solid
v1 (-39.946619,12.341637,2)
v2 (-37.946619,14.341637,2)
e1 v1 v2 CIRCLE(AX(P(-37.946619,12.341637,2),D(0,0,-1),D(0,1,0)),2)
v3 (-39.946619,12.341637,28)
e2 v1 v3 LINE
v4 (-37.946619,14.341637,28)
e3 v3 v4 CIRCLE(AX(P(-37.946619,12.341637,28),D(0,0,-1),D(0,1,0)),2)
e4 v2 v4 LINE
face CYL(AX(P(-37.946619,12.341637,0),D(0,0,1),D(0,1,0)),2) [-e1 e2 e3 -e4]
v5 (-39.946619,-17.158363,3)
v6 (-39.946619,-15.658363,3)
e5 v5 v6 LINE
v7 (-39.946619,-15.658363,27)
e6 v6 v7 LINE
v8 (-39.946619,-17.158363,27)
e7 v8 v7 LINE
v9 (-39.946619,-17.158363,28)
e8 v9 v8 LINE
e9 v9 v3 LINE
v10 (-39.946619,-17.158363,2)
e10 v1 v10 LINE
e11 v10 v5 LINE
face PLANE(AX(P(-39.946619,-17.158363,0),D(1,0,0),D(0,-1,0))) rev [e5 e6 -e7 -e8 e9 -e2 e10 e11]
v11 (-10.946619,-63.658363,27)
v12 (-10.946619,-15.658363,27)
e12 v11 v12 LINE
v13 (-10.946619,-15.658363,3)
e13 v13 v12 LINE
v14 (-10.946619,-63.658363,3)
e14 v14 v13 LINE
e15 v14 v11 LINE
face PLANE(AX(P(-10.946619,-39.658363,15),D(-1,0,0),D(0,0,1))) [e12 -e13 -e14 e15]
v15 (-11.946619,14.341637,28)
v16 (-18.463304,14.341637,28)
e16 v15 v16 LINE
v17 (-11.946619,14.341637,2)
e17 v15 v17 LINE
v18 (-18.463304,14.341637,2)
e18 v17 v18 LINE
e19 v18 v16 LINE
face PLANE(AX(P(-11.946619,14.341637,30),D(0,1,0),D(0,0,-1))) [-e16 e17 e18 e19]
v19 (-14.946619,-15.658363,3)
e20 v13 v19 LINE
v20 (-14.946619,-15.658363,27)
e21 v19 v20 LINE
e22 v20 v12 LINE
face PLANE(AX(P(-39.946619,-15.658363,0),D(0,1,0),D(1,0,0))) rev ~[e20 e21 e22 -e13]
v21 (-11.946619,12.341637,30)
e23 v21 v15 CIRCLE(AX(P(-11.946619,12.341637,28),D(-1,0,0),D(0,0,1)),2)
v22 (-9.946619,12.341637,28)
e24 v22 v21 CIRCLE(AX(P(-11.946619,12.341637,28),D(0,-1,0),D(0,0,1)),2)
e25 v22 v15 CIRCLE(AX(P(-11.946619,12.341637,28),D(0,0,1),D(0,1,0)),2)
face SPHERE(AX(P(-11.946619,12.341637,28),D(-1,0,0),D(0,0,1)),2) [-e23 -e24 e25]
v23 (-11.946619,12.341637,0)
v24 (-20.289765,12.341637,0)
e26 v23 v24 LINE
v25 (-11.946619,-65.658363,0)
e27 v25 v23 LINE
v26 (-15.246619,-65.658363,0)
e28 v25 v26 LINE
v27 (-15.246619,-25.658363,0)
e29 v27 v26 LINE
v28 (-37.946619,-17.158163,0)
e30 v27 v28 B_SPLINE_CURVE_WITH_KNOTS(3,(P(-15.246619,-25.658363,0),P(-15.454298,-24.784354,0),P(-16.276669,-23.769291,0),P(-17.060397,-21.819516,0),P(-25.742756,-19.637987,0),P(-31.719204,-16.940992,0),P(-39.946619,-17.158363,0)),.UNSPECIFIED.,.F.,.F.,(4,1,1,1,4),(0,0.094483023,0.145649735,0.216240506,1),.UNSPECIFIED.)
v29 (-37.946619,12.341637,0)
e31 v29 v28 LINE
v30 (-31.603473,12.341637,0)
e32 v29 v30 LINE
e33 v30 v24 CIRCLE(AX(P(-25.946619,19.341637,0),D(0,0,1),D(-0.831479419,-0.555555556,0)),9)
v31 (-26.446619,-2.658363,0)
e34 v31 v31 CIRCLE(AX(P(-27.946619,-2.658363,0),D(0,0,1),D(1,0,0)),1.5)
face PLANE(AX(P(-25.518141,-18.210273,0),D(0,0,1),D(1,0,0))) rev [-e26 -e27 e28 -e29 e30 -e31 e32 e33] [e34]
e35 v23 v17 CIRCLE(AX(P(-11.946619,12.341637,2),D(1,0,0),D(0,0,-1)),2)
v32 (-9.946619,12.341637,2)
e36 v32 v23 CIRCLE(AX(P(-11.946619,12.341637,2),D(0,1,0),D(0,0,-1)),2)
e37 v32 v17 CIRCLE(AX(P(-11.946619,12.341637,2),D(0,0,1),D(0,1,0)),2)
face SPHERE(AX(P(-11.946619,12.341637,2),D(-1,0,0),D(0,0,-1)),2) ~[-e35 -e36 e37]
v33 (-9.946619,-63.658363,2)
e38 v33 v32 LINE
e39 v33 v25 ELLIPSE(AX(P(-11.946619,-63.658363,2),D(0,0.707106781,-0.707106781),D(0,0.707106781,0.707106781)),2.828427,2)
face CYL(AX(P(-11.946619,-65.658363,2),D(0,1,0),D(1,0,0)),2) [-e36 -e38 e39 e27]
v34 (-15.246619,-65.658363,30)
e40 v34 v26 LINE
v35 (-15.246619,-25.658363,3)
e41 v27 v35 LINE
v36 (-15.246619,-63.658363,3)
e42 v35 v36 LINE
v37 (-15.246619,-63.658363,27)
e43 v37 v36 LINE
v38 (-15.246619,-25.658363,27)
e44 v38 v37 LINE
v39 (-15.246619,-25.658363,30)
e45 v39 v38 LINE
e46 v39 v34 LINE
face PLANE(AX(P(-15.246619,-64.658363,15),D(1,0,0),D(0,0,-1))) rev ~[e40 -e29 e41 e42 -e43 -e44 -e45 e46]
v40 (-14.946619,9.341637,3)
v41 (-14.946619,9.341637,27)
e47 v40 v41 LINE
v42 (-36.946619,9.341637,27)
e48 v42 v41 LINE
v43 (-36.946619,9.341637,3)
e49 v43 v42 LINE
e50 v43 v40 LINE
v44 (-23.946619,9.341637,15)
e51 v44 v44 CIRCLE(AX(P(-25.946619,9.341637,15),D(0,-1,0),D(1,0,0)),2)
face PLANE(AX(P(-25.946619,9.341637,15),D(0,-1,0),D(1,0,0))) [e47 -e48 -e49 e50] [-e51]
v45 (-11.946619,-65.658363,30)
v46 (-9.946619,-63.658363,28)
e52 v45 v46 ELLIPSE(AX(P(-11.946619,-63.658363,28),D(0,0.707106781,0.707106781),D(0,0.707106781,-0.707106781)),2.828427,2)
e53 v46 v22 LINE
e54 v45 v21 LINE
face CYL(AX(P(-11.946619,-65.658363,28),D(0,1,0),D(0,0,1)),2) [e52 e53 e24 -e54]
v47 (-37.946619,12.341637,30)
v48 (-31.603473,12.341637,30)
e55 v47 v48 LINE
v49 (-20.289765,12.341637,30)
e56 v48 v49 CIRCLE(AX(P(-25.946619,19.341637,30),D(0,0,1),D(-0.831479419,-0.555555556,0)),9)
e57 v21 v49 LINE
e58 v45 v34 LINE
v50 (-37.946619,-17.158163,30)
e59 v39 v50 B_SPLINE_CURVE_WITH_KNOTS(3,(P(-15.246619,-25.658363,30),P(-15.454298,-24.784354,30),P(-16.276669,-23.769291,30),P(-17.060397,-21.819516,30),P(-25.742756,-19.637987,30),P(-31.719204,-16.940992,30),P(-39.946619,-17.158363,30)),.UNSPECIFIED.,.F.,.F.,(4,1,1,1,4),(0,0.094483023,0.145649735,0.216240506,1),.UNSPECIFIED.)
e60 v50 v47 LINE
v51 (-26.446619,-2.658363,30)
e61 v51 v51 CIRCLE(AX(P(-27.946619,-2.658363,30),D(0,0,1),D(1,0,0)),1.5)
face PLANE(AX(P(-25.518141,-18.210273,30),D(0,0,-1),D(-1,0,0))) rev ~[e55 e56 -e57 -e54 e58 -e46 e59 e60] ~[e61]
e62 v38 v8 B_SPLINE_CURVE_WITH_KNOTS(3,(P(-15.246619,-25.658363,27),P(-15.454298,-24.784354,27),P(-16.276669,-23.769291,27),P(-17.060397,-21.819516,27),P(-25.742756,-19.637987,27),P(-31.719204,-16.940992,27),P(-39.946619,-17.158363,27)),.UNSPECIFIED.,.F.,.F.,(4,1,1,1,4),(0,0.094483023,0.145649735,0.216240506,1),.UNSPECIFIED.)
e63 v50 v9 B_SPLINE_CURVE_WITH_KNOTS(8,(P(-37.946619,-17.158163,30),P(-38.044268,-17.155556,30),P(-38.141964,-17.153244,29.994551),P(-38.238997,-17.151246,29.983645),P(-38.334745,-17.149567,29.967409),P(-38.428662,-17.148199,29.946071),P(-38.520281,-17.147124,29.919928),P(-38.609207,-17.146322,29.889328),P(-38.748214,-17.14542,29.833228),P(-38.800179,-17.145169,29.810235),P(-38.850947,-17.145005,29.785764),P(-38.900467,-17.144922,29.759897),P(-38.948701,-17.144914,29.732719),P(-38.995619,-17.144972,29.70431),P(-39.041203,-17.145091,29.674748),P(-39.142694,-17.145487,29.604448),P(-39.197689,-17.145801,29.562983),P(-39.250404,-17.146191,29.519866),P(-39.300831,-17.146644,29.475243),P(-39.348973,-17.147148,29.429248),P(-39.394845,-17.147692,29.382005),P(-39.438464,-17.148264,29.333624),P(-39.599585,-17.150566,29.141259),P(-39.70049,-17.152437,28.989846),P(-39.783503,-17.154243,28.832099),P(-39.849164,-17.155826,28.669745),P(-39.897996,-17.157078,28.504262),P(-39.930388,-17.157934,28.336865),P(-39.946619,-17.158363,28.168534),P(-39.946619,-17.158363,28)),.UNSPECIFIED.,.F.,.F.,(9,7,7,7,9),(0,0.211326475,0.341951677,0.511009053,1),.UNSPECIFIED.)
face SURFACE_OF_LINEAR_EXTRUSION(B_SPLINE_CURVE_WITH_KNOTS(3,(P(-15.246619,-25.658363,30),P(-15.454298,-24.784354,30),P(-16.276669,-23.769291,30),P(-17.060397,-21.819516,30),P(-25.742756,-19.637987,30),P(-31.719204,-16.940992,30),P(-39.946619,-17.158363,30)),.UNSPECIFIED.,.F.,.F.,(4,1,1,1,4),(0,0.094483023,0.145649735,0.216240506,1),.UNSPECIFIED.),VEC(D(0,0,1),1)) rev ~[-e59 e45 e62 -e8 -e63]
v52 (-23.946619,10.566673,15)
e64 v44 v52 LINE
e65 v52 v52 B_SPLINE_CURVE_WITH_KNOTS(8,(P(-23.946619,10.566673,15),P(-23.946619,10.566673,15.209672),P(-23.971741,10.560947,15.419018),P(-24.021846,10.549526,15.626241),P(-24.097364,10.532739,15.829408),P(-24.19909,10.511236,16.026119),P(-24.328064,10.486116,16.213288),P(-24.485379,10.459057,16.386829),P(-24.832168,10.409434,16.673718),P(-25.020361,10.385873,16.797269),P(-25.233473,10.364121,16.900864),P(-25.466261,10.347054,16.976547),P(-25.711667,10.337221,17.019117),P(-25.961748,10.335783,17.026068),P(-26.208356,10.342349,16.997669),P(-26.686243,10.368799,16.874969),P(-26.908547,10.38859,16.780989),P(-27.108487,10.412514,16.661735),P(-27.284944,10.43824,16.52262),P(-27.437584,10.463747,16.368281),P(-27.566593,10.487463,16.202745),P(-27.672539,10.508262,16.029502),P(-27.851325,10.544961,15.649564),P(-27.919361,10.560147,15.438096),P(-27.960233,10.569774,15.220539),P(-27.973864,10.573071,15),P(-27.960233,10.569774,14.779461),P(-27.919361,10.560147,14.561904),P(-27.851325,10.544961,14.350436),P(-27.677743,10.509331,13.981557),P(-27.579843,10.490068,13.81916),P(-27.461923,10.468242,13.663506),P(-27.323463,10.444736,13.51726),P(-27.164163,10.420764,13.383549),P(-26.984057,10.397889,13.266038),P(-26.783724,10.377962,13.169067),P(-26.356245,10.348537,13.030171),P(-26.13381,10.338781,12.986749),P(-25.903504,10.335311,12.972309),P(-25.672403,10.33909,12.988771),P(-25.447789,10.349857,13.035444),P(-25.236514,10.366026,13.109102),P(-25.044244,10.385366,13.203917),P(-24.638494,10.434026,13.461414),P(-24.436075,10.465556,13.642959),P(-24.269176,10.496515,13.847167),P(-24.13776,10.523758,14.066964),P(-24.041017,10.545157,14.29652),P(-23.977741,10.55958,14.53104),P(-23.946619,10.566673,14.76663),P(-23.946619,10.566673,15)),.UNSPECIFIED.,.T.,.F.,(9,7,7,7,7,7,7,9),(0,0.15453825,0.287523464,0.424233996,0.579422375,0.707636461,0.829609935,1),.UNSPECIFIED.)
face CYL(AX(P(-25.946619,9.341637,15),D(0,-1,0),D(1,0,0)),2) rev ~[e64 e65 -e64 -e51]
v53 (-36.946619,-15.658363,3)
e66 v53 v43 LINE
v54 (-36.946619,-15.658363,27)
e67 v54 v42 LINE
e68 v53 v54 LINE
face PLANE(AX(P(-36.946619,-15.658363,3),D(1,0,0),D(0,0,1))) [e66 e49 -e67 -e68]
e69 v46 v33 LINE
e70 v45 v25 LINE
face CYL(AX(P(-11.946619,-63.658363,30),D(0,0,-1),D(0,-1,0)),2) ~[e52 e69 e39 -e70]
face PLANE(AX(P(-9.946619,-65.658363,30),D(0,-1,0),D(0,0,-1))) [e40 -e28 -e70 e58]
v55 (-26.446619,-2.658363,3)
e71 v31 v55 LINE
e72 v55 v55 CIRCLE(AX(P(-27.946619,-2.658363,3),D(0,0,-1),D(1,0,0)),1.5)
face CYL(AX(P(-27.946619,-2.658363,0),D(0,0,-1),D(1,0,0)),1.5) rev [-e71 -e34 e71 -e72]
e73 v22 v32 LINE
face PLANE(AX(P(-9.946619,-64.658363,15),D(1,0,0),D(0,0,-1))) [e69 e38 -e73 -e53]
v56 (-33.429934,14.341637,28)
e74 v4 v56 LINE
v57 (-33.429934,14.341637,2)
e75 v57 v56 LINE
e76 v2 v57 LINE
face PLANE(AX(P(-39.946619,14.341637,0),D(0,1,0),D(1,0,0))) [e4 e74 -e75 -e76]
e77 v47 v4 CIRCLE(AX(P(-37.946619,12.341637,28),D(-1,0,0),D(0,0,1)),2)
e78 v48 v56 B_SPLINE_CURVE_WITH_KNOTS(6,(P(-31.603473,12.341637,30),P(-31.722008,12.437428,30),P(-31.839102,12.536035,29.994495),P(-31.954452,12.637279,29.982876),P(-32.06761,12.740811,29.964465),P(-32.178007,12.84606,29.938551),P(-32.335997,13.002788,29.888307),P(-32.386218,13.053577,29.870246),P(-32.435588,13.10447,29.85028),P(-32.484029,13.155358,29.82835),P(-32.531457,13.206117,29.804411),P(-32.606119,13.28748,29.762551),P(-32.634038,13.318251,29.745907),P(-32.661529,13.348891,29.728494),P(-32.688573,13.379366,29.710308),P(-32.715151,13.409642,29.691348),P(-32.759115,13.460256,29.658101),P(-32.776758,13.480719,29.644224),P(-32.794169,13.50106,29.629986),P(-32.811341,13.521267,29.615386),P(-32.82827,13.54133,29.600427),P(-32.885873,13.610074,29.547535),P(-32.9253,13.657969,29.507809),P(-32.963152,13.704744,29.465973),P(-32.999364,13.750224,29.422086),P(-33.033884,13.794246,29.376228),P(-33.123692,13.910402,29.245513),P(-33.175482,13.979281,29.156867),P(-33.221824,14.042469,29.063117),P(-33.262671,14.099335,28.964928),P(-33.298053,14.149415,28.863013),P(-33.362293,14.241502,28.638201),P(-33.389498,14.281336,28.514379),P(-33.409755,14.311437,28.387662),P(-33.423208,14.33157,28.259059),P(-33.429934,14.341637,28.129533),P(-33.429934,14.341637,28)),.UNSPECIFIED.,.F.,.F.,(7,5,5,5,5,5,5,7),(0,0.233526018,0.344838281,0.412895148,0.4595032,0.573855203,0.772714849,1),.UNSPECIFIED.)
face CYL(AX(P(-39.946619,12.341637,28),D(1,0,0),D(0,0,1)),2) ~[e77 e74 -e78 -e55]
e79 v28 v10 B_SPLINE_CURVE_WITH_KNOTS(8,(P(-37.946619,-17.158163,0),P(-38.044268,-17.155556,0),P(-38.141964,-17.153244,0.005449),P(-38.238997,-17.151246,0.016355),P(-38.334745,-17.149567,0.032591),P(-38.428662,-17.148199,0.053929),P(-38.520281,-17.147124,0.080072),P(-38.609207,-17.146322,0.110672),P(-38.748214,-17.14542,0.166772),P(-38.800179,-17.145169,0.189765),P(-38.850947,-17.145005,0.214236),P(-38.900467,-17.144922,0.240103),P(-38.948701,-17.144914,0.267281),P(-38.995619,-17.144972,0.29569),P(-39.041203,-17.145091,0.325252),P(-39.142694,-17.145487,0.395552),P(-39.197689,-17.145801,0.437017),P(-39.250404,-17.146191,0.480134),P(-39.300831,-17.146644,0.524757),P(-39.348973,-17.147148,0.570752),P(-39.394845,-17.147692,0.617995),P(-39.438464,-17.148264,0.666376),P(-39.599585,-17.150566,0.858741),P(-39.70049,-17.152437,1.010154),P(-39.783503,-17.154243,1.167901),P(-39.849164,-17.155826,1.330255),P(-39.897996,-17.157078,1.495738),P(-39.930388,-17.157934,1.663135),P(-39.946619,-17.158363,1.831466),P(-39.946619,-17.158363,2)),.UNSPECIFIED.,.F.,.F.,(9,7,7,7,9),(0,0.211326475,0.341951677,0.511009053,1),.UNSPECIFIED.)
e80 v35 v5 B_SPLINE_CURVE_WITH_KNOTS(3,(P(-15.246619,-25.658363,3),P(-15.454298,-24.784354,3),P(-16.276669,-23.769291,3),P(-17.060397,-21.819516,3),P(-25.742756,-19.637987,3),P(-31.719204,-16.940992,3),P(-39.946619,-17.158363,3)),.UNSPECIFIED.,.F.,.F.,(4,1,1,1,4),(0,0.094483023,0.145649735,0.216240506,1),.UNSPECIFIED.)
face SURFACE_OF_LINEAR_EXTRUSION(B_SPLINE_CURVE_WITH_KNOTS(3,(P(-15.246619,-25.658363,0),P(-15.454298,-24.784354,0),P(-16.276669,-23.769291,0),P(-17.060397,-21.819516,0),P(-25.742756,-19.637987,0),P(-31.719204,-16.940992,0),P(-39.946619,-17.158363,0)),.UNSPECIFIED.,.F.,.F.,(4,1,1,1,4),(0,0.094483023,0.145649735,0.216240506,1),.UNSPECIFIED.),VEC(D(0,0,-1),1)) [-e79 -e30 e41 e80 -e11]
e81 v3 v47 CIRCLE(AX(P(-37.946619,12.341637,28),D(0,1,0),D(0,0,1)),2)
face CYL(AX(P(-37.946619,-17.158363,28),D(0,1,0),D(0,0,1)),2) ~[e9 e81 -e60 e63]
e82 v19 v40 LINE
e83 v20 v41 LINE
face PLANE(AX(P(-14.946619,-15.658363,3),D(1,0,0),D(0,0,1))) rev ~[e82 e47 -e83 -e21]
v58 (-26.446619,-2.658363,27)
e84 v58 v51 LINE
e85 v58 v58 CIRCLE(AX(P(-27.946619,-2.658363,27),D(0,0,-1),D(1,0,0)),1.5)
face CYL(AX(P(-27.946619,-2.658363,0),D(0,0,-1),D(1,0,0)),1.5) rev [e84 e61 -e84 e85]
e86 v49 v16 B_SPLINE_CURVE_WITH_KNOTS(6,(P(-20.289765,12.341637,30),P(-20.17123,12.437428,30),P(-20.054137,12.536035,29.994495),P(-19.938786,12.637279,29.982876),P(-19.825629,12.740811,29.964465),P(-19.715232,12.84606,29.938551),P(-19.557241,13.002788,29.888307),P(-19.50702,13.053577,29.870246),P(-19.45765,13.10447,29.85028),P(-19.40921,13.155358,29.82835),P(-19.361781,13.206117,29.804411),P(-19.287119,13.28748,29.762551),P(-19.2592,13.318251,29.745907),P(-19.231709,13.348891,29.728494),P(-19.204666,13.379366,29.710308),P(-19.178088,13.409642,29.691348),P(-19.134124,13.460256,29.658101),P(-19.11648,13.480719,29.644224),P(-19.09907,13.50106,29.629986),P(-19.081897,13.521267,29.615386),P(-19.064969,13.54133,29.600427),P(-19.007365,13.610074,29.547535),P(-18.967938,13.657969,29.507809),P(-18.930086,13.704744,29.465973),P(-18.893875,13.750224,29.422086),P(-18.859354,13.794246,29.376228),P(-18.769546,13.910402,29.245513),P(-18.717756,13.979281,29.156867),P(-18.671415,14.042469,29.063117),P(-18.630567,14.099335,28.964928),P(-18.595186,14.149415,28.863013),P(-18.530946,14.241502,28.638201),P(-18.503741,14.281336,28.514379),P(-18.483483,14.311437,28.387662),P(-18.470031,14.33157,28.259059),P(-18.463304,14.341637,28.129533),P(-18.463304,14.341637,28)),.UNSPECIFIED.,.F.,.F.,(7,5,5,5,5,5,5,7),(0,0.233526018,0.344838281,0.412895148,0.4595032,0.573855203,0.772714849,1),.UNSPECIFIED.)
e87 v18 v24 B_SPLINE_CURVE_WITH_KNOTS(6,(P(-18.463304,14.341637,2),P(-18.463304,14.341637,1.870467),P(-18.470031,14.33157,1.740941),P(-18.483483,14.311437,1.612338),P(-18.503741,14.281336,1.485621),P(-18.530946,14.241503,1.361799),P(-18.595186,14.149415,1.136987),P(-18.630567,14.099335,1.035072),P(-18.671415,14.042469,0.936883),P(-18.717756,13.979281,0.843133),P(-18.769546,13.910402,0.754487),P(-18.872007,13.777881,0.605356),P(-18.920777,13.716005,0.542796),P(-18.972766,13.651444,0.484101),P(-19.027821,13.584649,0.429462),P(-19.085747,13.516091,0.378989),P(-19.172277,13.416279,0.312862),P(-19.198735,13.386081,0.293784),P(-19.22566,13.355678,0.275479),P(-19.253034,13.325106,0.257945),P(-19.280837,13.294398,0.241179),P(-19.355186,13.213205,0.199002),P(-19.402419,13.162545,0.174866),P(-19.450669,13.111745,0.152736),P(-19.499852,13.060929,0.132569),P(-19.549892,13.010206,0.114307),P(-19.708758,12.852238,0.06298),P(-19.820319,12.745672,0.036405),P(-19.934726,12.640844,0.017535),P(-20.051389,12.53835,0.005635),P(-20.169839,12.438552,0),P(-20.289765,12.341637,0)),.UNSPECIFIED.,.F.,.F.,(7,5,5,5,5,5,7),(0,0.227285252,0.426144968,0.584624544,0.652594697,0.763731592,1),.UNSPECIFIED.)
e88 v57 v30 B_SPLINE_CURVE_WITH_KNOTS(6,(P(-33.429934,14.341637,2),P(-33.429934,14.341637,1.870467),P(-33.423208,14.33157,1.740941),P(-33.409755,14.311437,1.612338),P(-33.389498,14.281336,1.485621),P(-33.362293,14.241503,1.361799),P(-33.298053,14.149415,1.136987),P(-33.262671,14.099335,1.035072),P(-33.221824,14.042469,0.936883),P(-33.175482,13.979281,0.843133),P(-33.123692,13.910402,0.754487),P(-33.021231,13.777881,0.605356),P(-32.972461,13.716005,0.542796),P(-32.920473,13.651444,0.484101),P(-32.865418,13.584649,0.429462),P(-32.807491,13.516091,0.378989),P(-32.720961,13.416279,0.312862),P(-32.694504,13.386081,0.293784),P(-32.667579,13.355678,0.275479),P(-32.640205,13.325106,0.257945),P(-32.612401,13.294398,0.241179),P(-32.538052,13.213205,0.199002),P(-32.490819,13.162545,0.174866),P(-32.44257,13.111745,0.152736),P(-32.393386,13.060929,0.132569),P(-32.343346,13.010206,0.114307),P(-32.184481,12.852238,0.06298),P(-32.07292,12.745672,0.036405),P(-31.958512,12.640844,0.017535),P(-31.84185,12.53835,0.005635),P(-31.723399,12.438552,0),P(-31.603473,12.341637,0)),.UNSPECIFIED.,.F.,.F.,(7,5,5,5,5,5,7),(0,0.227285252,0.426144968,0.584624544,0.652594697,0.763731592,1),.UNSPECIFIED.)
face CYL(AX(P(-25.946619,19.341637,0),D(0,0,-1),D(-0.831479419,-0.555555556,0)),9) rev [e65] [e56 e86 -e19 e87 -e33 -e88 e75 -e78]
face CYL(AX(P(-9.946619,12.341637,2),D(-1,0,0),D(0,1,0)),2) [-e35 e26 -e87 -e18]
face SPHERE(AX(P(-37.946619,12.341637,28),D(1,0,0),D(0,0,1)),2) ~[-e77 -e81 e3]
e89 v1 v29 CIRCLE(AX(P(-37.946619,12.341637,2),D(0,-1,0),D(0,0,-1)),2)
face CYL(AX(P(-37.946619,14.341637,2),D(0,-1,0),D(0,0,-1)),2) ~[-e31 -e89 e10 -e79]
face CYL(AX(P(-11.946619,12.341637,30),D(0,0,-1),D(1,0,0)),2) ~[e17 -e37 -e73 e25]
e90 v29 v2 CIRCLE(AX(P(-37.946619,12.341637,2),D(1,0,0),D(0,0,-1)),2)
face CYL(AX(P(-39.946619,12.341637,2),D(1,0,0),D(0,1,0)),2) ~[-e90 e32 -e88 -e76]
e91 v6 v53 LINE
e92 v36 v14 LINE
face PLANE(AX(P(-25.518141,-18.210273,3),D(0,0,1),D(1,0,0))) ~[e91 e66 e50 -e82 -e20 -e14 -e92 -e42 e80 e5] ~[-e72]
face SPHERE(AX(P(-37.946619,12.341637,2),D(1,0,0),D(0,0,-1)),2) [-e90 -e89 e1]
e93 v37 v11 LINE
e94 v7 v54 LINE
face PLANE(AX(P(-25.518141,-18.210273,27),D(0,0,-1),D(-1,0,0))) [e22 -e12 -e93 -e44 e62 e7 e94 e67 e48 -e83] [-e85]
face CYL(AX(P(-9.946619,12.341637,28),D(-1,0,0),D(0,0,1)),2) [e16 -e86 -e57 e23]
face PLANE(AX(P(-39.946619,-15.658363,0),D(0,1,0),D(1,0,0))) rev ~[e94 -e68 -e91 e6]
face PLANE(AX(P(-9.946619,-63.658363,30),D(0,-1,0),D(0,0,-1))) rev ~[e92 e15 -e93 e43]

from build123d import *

# Parameters (mm, degrees)
CROQUIS1_W              = 28
CROQUIS1_H              = 30
SALIENTE_EXTRUIR1_DEPTH = 30
CROQUIS2_W              = 22
CROQUIS2_H              = 24
CORTAR_EXTRUIR1_DEPTH   = 25
CORTAR_EXTRUIR3_START   = -30
CORTAR_EXTRUIR3_DEPTH   = 30
CROQUIS3_R              = 2
CORTAR_EXTRUIR4_DEPTH   = 5
CORTAR_EXTRUIR5_START   = -30
CROQUIS6_R              = 1.5
CORTAR_EXTRUIR5_DEPTH   = 30
CROQUIS8_W              = 30
CROQUIS8_H              = 78
SALIENTE_EXTRUIR2_DEPTH = 2
CROQUIS9_W              = 3.3
CROQUIS9_H              = 3
SALIENTE_EXTRUIR3_DEPTH = 48
CROQUIS10_W             = 30
CROQUIS10_H             = 2
SALIENTE_EXTRUIR4_DEPTH = 5.3
CROQUIS11_W             = 24
CROQUIS11_H             = 48
CORTAR_EXTRUIR6_DEPTH   = 1
SALIENTE_EXTRUIR5_DEPTH = 3
REDONDEO2_R             = 2


with BuildPart() as part:
    # Croquis1 → Saliente-Extruir1 (new body)
    with BuildSketch(Plane.XY):
        with Locations((-25.946619217, -0.658362989)):
            Rectangle(CROQUIS1_W, CROQUIS1_H)
    extrude(amount=SALIENTE_EXTRUIR1_DEPTH)

    # Croquis2 → Cortar-Extruir1 (cut)
    with BuildSketch(Plane.XZ.offset(15.658362989)):
        with Locations((-25.946619217, 15)):
            Rectangle(CROQUIS2_W, CROQUIS2_H)
    extrude(amount=-CORTAR_EXTRUIR1_DEPTH, mode=Mode.SUBTRACT)

    # Croquis5 → Cortar-Extruir3 (cut)
    with BuildSketch(Plane.XY.offset(30).offset(CORTAR_EXTRUIR3_START)):
        with BuildLine():
            Line((-18.463304444, 14.341637011), (-33.429933991, 14.341637011))
            ThreePointArc((-33.429933991, 14.341637011), (-25.946619217, 10.341637011), (-18.463304444, 14.341637011))
        make_face()
    extrude(amount=CORTAR_EXTRUIR3_DEPTH, mode=Mode.SUBTRACT)

    # Croquis3 → Cortar-Extruir4 (cut)
    with BuildSketch(Plane.XZ.offset(-9.341637011)):
        with Locations((-25.946619217, 15)):
            Circle(CROQUIS3_R)
    extrude(amount=-CORTAR_EXTRUIR4_DEPTH, mode=Mode.SUBTRACT)

    # Croquis6 → Cortar-Extruir5 (cut)
    with BuildSketch(Plane.XY.offset(30).offset(CORTAR_EXTRUIR5_START)):
        with Locations((-27.946619217, -2.658362989)):
            Circle(CROQUIS6_R)
    extrude(amount=CORTAR_EXTRUIR5_DEPTH, mode=Mode.SUBTRACT)

    # Croquis8 → Saliente-Extruir2 (add)
    with BuildSketch(Plane(origin=(-11.946619217, 0, 0), x_dir=(0, 0, -1), z_dir=(1, 0, 0))):
        with Locations((-15, -24.658362989)):
            Rectangle(CROQUIS8_W, CROQUIS8_H)
    extrude(amount=SALIENTE_EXTRUIR2_DEPTH)

    # Croquis9 → Saliente-Extruir3 (add)
    with BuildSketch(Plane.XZ.offset(15.658362989)):
        with Locations((-13.596619217, 1.5)):
            Rectangle(CROQUIS9_W, CROQUIS9_H)
        with Locations((-13.596619217, 28.5)):
            Rectangle(CROQUIS9_W, CROQUIS9_H)
    extrude(amount=SALIENTE_EXTRUIR3_DEPTH)

    # Croquis10 → Saliente-Extruir4 (add)
    with BuildSketch(Plane(origin=(-9.946619217, 0, 0), x_dir=(0, 0, -1), z_dir=(1, 0, 0))):
        with Locations((-15, -64.658362989)):
            Rectangle(CROQUIS10_W, CROQUIS10_H)
    extrude(amount=-SALIENTE_EXTRUIR4_DEPTH)

    # Croquis11 → Cortar-Extruir6 (cut)
    with BuildSketch(Plane.ZY.offset(11.946619217)):
        with Locations((15, -39.658362989)):
            Rectangle(CROQUIS11_W, CROQUIS11_H)
    extrude(amount=-CORTAR_EXTRUIR6_DEPTH, mode=Mode.SUBTRACT)

    # Croquis12 → Saliente-Extruir5 (add)
    with BuildSketch(Plane.XY.offset(30)):
        with BuildLine():
            Line((-15.246619217, -15.658362989), (-15.246619217, -24.658362989))
            Line((-15.246619217, -24.658362989), (-15.246619217, -25.658362989))
            add(Edge.make_bspline(
                [(-15.246619217, -25.658362989), (-15.454297932, -24.784354335), (-16.276669262, -23.769291156), (-17.060396799, -21.819515511), (-25.742756364, -19.637986616), (-31.719204445, -16.94099226), (-39.946619217, -17.158362989)],
                knots=[0, 0, 0, 0, 0.094483023, 0.145649735, 0.216240506, 1, 1, 1, 1], degree=3))
            Line((-39.946619217, -17.158362989), (-39.946619217, -15.658362989))
            Line((-39.946619217, -15.658362989), (-15.246619217, -15.658362989))
        make_face()
    saliente_extruir5 = extrude(amount=-SALIENTE_EXTRUIR5_DEPTH)

    # Simetría2: Saliente-Extruir5 across plane
    add(saliente_extruir5.mirror(Plane(origin=(0, 0, 15), x_dir=(1, 0, 0), z_dir=(0, 0, -1))))

    # Redondeo2
    redondeo2_edges = [part.edges().sort_by_distance(p)[0] for p in [
        (-14.20496183, 14.341637011, 30),
        (-36.688276604, 14.341637011, 0),
        (-36.688276604, 14.341637011, 30),
        (-39.946619217, -1.408362989, 30),
        (-14.20496183, 14.341637011, 0),
        (-9.946619217, -25.658362989, 30),
        (-9.946619217, -25.658362989, 0),
        (-9.946619217, 14.341637011, 15),
        (-39.946619217, -1.408362989, 0),
        (-39.946619217, 14.341637011, 15),
        (-9.946619217, -65.658362989, 15),
    ]]
    fillet(redondeo2_edges, radius=REDONDEO2_R)


solid = part.part
